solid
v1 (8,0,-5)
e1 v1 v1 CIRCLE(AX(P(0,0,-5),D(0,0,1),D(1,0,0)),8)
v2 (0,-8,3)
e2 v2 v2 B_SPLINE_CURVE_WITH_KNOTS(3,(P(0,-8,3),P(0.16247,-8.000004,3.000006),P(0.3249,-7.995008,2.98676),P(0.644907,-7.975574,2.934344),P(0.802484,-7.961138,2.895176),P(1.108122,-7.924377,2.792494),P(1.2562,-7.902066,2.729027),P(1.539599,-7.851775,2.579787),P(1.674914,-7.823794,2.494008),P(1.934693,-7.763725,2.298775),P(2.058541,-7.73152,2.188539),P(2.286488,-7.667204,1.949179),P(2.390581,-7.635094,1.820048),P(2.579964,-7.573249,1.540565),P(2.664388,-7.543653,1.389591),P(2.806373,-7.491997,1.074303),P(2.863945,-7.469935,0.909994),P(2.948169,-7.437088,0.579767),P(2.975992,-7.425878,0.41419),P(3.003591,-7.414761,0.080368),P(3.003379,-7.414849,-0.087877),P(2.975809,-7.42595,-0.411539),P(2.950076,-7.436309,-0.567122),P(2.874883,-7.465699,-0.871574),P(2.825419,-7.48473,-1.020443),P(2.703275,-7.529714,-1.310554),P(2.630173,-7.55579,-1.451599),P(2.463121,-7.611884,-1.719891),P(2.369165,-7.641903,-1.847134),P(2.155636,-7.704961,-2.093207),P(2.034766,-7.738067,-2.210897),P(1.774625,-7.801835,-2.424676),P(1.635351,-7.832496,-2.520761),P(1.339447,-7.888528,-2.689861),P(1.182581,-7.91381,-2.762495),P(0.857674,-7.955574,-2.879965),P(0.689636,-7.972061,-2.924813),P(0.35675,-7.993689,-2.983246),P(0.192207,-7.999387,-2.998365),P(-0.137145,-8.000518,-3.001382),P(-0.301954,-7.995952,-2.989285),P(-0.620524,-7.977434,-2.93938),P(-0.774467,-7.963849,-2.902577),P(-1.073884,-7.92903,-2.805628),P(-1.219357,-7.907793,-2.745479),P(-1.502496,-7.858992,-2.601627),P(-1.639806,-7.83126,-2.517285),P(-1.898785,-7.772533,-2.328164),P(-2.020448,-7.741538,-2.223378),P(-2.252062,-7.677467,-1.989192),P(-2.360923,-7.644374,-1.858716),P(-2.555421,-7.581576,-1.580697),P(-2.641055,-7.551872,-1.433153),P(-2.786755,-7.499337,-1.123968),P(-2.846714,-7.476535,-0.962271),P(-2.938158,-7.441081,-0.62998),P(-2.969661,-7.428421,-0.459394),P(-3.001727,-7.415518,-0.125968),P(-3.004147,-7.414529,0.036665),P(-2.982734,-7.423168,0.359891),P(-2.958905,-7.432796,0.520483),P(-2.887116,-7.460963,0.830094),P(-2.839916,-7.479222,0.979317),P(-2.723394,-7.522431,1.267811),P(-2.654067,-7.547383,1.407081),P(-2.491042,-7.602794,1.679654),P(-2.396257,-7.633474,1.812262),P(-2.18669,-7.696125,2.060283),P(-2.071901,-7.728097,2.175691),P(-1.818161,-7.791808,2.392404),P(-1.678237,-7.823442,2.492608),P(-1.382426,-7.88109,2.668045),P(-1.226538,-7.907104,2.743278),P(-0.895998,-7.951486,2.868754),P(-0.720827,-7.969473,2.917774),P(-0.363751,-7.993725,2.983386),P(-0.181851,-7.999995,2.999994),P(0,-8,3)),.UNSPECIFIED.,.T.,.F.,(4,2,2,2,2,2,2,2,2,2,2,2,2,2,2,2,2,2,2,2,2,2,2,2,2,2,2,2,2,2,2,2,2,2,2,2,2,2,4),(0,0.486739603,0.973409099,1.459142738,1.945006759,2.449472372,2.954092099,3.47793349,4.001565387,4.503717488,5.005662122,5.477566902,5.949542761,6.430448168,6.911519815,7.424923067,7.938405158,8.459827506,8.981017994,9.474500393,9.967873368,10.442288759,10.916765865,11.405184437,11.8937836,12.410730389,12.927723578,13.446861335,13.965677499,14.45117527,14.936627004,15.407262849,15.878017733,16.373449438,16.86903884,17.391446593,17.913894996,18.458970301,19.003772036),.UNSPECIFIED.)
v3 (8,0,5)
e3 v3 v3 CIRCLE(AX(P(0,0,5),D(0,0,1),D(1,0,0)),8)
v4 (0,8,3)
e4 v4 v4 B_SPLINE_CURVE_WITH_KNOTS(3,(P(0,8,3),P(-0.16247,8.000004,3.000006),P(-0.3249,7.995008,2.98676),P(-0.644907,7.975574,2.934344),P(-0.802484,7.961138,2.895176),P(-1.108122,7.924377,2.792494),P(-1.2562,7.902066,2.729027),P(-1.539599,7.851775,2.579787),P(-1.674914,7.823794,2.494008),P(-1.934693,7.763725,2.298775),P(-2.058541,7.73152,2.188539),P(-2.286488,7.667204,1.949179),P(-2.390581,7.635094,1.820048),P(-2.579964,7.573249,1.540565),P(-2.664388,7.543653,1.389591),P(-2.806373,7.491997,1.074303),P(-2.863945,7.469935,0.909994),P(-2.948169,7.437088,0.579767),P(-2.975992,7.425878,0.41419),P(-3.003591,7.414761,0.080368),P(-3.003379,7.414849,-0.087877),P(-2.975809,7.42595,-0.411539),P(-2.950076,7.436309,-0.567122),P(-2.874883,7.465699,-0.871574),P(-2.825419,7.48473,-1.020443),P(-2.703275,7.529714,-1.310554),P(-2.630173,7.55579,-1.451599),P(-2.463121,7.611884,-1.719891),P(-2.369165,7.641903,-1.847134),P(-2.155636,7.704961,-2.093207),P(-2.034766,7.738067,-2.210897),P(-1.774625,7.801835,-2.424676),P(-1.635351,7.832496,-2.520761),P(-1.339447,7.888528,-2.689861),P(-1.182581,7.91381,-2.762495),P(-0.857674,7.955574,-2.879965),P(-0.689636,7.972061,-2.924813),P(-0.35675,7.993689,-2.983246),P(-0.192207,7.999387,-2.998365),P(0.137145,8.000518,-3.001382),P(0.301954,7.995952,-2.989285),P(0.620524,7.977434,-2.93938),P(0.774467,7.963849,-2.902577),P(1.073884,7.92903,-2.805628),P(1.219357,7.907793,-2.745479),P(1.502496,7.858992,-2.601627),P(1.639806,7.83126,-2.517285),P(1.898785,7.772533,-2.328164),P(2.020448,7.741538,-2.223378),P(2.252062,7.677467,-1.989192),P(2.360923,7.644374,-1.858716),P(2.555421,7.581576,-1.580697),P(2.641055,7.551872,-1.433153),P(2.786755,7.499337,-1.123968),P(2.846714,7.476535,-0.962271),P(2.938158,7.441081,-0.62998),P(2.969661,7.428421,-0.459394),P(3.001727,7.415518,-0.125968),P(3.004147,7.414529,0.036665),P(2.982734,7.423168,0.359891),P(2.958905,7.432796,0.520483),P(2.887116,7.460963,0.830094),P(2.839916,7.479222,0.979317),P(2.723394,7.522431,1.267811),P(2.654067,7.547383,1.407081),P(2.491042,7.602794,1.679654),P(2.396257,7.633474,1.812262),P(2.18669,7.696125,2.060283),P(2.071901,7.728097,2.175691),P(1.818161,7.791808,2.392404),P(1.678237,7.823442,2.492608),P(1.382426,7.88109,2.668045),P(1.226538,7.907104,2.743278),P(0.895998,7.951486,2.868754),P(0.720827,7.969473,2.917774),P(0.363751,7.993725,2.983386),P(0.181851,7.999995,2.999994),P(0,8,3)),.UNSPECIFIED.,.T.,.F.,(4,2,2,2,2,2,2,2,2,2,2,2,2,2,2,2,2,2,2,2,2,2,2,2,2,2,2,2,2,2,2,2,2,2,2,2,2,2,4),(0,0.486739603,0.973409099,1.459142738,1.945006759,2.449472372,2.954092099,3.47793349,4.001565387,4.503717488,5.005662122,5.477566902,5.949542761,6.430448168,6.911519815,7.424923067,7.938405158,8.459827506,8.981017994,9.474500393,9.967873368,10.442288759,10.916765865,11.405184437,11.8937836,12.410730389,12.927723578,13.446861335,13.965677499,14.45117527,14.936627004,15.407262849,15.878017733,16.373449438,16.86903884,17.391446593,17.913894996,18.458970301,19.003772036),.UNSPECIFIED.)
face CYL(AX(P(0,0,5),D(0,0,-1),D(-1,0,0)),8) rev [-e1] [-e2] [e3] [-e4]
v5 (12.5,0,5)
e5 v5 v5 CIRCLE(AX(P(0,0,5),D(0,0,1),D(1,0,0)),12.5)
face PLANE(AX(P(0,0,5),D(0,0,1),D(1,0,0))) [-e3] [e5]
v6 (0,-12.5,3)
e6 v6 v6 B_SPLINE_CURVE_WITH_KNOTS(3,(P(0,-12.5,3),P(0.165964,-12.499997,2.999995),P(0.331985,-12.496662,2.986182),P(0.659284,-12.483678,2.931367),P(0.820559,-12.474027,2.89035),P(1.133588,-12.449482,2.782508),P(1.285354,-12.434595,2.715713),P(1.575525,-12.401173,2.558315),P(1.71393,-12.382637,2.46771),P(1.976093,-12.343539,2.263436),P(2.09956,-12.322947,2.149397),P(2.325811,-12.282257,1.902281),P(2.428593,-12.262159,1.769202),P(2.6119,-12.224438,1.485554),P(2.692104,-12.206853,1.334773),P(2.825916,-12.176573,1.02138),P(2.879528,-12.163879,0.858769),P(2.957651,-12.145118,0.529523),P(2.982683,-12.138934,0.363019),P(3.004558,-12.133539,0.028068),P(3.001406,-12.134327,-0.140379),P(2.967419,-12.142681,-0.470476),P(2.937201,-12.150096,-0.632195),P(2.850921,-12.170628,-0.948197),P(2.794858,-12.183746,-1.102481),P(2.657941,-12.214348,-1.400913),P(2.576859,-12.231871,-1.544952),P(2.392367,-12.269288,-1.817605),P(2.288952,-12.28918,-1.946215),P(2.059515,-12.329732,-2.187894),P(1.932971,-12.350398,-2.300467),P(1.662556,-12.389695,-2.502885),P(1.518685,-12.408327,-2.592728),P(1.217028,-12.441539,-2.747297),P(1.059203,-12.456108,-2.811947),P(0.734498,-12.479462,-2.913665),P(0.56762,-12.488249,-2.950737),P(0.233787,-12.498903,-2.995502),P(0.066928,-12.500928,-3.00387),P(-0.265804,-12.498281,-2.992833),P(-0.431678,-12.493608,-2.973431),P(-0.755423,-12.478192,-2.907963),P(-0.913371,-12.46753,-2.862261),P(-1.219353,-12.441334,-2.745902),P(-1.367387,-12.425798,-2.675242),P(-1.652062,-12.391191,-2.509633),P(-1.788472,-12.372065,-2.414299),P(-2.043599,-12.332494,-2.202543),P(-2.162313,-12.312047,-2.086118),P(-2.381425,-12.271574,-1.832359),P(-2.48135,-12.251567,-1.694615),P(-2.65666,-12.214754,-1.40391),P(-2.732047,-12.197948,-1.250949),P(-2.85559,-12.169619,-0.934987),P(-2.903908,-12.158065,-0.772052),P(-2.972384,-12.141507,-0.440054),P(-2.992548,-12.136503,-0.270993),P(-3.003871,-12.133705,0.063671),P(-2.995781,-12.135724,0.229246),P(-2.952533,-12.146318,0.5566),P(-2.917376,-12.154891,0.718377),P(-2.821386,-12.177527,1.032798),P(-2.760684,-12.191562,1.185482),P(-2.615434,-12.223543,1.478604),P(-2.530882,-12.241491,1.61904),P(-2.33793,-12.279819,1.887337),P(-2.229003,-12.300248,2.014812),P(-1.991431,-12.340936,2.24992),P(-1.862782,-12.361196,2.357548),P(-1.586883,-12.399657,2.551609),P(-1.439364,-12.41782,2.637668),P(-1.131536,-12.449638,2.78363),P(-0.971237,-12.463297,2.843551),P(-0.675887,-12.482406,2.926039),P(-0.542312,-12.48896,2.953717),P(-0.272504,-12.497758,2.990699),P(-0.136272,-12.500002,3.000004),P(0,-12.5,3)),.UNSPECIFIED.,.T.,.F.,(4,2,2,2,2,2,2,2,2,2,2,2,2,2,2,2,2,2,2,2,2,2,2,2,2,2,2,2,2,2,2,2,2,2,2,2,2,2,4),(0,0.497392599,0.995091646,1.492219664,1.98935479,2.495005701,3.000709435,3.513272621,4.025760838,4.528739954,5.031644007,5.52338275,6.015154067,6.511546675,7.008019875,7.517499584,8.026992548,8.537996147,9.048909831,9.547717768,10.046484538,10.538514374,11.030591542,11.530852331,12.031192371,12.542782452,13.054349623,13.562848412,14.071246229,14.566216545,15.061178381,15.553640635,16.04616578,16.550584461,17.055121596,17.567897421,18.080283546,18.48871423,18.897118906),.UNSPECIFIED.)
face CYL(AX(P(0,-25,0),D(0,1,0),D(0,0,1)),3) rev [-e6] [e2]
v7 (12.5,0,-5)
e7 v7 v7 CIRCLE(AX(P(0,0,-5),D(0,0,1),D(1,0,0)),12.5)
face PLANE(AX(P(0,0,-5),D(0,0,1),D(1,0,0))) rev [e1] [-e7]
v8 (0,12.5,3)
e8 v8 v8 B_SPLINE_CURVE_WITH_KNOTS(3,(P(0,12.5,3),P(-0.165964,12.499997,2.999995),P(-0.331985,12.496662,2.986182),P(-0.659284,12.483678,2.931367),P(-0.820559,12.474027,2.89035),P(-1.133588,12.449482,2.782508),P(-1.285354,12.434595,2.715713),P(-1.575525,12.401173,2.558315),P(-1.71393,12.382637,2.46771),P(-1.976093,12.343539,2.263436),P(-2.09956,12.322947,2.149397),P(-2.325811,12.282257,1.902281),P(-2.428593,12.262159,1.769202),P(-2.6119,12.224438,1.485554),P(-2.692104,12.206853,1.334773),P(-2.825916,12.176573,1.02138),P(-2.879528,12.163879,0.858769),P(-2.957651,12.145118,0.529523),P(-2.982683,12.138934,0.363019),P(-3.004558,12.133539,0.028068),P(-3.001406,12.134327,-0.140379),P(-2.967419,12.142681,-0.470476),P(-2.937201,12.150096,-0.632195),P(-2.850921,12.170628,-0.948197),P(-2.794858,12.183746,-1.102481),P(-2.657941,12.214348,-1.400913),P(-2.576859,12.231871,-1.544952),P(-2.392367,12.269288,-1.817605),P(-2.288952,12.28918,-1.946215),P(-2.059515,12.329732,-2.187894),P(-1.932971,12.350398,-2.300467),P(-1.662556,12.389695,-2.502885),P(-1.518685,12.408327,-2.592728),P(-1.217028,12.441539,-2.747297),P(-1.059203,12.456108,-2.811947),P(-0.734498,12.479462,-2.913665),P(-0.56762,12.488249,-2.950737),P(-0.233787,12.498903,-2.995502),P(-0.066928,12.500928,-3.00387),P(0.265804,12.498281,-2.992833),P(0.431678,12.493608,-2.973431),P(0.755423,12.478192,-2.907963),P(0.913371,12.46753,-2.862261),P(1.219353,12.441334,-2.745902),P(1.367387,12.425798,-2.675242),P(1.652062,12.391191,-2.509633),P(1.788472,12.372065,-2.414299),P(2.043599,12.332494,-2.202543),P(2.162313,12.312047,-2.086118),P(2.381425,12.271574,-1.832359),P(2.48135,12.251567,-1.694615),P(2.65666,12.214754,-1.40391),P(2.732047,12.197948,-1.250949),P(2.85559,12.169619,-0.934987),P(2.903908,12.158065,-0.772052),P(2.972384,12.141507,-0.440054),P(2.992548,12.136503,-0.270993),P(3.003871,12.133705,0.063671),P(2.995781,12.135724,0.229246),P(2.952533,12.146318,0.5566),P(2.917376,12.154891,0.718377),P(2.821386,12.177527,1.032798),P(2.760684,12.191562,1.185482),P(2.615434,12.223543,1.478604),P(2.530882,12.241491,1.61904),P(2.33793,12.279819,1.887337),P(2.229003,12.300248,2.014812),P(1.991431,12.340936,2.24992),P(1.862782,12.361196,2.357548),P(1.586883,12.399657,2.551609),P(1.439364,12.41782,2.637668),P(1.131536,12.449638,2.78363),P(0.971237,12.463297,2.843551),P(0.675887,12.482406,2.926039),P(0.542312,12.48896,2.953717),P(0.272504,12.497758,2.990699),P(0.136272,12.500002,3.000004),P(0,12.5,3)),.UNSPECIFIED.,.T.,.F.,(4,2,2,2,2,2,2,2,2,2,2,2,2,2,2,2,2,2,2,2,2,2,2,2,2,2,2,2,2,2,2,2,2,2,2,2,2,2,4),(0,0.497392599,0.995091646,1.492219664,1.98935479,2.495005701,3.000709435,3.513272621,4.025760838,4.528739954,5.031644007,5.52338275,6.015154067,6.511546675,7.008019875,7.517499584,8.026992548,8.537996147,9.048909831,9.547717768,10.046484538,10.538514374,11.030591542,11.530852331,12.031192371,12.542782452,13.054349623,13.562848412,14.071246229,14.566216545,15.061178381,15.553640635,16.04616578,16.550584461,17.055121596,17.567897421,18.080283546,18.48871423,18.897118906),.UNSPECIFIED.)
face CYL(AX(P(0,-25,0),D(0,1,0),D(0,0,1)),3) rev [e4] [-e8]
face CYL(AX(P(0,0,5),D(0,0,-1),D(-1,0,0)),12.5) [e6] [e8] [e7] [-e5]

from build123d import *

# Parameters (mm, degrees)
SKETCH1_R           = 12.5
SKETCH1_R_2         = 8
BOSS_EXTRUDE1_DEPTH = 5
SKETCH2_R           = 3
CUT_EXTRUDE1_DEPTH  = 25


with BuildPart() as part:
    # Sketch1 → Boss-Extrude1 (new, symmetric)
    with BuildSketch(Plane.XY):
        Circle(SKETCH1_R)
        Circle(SKETCH1_R_2, mode=Mode.SUBTRACT)
    extrude(amount=BOSS_EXTRUDE1_DEPTH, both=True)

    # Sketch2 → Cut-Extrude1 (cut, symmetric)
    with BuildSketch(Plane(origin=(0, 0, 0), x_dir=(1, 0, 0), z_dir=(0, 1, 0))):
        with Locations(Location((0, 0, 0), (0, 0, 270))):
            Circle(SKETCH2_R)
    extrude(amount=CUT_EXTRUDE1_DEPTH, both=True, mode=Mode.SUBTRACT)


solid = part.part
